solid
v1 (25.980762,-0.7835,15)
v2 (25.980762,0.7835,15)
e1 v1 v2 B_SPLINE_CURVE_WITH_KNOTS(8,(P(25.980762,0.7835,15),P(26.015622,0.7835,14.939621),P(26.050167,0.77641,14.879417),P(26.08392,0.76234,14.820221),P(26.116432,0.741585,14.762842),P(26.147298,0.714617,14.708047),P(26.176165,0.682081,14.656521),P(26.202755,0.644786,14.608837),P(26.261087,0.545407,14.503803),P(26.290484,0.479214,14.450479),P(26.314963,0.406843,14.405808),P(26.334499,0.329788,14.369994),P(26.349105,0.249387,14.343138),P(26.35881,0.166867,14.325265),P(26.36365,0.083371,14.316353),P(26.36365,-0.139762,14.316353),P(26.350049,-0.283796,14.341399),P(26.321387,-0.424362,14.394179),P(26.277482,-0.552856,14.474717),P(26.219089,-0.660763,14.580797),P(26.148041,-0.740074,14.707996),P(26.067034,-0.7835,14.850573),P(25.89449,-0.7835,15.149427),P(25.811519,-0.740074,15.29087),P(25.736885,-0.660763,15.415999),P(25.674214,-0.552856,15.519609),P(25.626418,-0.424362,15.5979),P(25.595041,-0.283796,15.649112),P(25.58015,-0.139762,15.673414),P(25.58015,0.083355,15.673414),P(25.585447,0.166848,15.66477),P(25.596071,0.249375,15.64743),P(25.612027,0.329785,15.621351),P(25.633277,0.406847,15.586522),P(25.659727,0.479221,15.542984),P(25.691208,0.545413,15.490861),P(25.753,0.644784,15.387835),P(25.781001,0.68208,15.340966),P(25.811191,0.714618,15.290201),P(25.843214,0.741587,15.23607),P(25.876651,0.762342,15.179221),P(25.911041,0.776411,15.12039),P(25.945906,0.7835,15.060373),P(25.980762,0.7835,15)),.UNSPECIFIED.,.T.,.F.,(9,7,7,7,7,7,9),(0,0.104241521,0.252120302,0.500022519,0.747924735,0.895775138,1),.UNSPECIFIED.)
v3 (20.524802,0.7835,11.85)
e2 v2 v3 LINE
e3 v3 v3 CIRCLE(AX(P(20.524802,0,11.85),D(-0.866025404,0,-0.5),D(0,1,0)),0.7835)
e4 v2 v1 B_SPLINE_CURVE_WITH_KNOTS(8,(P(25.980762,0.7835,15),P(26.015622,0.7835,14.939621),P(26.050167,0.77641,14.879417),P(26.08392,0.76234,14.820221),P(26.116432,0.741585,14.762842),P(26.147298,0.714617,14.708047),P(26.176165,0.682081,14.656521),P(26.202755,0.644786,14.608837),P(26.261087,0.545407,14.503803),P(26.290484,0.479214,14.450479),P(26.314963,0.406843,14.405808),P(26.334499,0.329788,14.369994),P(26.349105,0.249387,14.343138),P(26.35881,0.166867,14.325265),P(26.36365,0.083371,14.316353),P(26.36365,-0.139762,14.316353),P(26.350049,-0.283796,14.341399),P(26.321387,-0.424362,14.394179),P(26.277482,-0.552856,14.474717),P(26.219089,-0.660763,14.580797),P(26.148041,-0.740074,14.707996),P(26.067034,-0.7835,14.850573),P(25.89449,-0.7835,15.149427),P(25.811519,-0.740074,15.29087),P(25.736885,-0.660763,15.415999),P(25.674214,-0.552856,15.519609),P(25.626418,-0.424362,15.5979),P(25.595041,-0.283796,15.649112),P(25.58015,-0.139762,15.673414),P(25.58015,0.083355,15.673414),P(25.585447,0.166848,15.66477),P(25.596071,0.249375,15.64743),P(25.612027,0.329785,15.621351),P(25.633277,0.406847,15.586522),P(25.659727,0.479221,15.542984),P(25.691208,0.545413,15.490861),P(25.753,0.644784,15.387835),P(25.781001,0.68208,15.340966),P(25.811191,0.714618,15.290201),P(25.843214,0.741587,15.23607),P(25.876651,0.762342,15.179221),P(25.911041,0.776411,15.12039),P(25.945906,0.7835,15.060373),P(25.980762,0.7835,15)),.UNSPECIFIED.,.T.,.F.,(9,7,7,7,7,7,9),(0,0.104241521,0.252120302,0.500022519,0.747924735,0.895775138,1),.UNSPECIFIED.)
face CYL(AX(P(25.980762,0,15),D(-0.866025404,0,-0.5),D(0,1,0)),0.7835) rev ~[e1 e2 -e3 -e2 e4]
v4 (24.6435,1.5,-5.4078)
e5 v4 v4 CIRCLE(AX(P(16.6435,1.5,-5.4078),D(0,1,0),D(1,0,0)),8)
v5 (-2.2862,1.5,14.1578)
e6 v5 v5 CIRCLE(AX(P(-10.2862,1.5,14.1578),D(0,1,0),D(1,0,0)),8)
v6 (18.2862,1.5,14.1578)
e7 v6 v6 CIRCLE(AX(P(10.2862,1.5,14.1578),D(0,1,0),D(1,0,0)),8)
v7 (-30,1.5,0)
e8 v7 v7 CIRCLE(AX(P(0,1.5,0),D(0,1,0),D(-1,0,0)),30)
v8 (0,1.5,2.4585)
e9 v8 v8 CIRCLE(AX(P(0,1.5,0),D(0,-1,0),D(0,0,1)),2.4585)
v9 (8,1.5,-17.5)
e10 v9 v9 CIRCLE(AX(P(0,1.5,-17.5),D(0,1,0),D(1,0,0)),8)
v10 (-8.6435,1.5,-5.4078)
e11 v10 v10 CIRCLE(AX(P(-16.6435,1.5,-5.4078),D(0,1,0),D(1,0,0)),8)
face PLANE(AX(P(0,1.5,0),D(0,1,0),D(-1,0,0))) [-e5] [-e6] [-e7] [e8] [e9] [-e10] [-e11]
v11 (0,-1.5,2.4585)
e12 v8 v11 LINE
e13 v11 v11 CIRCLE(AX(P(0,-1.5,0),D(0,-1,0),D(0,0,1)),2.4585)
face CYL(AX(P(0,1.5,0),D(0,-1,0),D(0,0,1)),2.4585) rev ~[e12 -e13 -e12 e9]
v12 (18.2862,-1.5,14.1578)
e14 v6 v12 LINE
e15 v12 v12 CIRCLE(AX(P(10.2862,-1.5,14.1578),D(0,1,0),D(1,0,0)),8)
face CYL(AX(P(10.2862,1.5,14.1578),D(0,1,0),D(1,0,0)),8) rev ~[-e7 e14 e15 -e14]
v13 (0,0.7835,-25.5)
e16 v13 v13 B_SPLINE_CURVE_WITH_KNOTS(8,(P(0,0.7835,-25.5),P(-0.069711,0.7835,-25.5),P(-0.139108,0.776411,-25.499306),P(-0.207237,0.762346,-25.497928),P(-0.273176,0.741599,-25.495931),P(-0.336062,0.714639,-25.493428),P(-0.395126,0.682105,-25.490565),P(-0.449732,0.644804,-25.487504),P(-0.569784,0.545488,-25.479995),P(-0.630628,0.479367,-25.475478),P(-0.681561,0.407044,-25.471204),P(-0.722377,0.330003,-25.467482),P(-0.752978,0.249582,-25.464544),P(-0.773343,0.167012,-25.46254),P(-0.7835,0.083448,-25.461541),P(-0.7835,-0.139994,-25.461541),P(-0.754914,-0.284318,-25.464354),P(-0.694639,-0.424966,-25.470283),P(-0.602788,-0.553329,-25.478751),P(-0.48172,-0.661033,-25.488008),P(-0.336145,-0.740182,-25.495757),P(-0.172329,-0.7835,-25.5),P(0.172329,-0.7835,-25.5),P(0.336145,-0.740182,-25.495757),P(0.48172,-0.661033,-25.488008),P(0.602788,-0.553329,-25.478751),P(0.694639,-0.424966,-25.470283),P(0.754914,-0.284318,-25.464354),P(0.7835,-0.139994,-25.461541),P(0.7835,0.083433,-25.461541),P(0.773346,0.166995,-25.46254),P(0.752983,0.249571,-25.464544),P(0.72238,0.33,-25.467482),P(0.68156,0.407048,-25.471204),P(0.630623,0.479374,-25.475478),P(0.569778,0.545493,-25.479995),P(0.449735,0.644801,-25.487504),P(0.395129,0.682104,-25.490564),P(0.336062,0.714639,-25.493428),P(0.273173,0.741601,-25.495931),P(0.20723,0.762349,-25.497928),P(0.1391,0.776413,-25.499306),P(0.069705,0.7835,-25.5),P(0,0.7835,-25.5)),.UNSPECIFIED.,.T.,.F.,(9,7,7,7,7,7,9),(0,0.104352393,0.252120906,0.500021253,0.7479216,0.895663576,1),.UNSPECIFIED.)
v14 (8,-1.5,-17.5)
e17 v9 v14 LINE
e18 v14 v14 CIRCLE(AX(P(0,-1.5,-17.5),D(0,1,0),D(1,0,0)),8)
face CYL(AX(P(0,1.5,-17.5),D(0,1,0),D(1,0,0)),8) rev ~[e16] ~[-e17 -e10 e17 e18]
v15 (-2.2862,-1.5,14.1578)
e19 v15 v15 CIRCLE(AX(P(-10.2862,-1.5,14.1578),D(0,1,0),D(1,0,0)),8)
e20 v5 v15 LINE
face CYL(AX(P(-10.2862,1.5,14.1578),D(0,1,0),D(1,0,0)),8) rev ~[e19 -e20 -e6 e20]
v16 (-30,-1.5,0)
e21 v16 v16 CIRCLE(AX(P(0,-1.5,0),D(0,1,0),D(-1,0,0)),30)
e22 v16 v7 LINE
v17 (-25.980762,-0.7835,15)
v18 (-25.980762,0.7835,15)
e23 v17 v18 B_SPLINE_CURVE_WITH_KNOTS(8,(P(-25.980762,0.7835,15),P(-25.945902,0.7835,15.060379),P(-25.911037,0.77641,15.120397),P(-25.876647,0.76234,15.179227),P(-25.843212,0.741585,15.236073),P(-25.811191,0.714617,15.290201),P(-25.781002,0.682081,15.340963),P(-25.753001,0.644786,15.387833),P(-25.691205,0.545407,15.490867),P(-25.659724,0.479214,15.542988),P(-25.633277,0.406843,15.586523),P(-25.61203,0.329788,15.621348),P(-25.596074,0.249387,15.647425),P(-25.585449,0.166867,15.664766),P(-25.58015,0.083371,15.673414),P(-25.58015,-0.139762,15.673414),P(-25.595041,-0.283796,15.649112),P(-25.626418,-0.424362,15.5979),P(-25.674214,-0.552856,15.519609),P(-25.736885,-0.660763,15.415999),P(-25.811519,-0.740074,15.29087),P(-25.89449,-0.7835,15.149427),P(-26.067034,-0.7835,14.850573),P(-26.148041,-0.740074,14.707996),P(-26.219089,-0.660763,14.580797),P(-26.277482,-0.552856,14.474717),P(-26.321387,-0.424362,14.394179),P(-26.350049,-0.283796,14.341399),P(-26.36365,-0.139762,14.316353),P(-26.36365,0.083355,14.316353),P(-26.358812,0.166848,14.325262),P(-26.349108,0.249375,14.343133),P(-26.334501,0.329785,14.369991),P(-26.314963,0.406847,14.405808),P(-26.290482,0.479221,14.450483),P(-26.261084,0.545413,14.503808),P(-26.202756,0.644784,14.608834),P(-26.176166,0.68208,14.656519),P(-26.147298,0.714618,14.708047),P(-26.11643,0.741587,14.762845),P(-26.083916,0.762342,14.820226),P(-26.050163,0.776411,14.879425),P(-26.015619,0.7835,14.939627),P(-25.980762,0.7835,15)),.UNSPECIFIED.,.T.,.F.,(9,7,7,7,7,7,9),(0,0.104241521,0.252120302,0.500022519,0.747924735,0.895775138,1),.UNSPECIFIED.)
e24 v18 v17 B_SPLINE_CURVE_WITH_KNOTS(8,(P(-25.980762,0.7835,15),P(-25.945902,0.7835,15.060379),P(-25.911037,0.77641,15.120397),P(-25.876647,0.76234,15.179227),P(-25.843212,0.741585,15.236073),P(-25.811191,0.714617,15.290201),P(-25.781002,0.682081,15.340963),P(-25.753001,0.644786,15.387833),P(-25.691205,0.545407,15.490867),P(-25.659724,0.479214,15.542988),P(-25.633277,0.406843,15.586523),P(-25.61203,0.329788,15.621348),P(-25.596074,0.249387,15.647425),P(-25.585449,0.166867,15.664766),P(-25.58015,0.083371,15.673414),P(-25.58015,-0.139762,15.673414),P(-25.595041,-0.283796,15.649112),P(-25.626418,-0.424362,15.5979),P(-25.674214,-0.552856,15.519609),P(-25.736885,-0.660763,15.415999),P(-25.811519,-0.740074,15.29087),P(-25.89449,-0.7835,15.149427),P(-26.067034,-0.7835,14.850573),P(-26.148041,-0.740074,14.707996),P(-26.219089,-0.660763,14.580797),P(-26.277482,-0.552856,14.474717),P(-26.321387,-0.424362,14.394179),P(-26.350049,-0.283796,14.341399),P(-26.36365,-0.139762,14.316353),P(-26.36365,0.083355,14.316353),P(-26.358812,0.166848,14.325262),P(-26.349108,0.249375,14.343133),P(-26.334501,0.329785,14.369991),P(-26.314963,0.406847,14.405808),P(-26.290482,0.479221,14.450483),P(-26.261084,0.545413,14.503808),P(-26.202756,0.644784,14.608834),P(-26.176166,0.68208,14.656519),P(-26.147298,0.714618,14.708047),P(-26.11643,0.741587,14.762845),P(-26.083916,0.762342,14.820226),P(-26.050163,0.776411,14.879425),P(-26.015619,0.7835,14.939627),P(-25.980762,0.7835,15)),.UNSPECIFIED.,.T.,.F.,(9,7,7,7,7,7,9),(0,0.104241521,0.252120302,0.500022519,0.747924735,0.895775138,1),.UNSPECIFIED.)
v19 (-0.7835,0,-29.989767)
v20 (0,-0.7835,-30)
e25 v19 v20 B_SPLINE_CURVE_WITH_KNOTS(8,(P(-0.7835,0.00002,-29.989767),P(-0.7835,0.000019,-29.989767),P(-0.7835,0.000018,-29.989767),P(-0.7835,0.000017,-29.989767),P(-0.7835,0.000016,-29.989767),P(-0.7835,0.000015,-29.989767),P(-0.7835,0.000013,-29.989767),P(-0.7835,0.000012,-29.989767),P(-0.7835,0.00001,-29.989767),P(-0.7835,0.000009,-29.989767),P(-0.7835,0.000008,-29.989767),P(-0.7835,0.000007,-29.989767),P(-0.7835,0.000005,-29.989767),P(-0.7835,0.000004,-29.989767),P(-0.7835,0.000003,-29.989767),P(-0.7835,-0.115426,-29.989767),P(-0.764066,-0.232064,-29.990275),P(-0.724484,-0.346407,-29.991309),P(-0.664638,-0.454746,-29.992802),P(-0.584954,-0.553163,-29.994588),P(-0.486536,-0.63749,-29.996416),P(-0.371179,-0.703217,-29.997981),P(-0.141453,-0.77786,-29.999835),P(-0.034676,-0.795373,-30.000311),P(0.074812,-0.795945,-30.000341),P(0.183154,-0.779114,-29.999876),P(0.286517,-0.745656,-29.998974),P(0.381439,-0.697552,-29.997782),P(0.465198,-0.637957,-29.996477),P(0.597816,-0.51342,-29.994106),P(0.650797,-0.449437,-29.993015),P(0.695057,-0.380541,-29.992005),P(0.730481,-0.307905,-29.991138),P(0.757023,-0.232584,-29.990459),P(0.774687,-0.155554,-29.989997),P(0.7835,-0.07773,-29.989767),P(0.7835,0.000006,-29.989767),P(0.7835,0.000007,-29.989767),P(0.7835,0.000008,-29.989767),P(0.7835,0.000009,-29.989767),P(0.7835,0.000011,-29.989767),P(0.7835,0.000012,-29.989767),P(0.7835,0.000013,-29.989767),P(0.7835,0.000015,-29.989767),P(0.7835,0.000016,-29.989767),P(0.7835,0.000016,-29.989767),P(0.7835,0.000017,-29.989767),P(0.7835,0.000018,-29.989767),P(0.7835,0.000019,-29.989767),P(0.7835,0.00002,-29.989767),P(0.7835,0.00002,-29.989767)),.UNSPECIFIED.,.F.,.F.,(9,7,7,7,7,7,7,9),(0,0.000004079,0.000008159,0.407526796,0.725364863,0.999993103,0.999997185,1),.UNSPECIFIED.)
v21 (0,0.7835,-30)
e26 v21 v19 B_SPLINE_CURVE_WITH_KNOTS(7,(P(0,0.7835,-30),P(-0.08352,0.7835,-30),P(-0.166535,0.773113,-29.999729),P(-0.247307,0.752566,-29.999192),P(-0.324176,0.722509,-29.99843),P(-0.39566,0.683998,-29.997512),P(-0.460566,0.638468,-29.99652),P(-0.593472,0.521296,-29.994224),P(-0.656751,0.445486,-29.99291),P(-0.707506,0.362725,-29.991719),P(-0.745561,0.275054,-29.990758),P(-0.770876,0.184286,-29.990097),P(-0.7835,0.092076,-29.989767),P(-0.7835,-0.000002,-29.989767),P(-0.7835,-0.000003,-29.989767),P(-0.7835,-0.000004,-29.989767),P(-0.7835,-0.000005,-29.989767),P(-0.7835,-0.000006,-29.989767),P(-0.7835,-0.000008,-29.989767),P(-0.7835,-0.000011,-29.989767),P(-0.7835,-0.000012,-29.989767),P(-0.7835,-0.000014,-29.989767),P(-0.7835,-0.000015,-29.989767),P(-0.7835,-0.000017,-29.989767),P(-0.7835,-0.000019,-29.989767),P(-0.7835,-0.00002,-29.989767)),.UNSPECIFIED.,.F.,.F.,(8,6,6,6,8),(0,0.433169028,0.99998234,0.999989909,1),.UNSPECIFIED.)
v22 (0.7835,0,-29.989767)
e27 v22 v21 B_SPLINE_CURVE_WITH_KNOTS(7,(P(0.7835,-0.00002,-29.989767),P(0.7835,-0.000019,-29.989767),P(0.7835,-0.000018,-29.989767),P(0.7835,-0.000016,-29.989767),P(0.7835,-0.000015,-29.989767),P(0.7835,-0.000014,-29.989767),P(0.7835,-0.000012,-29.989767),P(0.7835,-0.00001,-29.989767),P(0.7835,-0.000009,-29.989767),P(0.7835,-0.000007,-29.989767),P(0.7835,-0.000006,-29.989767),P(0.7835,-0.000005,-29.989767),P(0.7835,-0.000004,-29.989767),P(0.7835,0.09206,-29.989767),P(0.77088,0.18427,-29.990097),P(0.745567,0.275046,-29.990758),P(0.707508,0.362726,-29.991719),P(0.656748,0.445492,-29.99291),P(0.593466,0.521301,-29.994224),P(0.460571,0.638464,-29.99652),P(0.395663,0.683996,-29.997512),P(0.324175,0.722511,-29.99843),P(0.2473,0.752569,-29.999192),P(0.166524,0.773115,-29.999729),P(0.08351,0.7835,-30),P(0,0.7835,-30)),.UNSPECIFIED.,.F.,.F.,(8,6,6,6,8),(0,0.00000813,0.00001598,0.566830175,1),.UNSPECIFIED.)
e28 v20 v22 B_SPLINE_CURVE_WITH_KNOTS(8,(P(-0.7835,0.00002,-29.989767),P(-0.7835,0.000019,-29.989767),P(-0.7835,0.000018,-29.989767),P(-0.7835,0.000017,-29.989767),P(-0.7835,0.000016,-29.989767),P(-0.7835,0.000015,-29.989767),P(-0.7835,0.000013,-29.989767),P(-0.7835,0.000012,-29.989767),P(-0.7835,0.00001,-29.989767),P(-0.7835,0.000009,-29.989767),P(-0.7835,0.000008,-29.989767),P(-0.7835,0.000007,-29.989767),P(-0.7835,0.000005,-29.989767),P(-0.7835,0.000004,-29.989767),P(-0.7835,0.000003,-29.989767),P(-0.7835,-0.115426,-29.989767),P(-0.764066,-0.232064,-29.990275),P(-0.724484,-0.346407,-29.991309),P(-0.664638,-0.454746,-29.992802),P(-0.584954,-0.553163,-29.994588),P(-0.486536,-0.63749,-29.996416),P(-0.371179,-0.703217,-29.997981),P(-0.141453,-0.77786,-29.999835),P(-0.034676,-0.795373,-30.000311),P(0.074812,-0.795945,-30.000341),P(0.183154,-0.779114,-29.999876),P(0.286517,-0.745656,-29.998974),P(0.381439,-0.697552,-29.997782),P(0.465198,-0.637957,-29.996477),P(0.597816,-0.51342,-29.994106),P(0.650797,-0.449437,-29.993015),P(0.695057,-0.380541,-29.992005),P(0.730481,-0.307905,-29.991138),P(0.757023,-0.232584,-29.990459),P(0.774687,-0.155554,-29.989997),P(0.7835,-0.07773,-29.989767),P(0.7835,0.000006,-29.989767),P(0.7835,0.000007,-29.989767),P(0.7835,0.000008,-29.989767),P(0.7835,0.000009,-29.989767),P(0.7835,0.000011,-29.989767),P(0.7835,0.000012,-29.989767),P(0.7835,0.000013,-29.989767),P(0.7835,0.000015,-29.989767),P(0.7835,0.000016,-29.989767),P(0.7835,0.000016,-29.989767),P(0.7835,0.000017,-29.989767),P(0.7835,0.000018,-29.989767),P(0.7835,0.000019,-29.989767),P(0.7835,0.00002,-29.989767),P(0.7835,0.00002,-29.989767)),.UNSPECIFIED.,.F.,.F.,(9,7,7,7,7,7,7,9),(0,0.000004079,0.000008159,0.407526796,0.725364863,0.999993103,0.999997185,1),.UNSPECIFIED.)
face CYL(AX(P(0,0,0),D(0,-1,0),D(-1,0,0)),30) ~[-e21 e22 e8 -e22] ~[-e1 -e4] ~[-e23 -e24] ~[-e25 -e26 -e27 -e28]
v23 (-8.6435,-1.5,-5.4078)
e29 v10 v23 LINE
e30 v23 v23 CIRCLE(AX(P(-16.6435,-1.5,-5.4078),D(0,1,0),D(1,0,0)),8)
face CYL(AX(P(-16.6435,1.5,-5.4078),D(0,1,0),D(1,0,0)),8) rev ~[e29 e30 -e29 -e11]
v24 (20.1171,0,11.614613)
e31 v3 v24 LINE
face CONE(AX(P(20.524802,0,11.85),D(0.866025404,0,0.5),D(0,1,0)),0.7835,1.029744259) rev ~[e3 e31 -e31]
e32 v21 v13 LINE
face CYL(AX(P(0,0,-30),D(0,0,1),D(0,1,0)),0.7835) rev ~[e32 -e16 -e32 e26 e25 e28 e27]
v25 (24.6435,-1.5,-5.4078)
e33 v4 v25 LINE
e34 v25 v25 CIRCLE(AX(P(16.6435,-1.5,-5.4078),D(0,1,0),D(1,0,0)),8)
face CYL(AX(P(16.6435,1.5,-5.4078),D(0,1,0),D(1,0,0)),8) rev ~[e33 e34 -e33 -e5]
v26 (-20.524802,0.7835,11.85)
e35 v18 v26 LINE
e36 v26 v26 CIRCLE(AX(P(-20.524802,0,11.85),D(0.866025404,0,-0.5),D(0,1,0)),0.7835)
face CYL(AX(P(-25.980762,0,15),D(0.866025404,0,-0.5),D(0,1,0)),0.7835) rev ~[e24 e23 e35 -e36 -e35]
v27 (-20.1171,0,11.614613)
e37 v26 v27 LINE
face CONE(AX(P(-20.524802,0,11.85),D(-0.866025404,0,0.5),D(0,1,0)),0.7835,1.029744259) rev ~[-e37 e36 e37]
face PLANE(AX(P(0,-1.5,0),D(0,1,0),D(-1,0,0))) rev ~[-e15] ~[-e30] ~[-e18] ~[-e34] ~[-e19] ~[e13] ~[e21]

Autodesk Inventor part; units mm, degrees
ref_plane "YZ Plane" through (0, 0, 0) normal (1, 0, 0) x (0, 1, 0)
ref_plane "XZ Plane" through (0, 0, 0) normal (0, 1, 0) x (-1, 0, 0)
sketch "Skizze1" plane through (0, 0, 0) normal (0, 1, 0) x (-1, 0, 0)
  circle A0 centre (0, 0) radius 30
  dimension "d0" = 60
extrude "Extrusion1" add sketch "Skizze1" along normal mid plane 3
sketch "Skizze2" plane through (0, 1.5, 0) normal (0, 1, 0) x (1, 0, 0)
  line L0 (0, 43.5645) -> (0, -46.3445) construction
  circle A0 centre (0, 17.5) radius 8
  circle A1 centre (-16.6435, 5.4078) radius 8
  circle A2 centre (-10.2862, -14.1578) radius 8
  circle A3 centre (10.2862, -14.1578) radius 8
  circle A4 centre (16.6435, 5.4078) radius 8
  point P0 (0, 0)
  dimension "d3" = 16
  dimension "d4" = 17.5
  dimension "d7" = 360
extrude "Extrusion2" cut sketch "Skizze2" against normal through all
sketch "Skizze3" plane through (0, 1.5, 0) normal (0, 1, 0) x (1, 0, 0)
  point P0 (0, 0)
  point P1 (0, 0)
hole "Bohrung1" at (0, 1.5, 0) direction (0, -1, 0) diameter 4.917 end through all thread size "M6x1" class "6H" standard "ISO Metric profile"
ref_plane "Arbeitsebene1" through (0, 0, -30) normal (0, 0, 1) x (1, 0, 0)
sketch "Skizze4" plane through (0, 0, -30) normal (0, 0, 1) x (1, 0, 0)
  point P0 (0, 0)
  point P1 (0, 0)
hole "Bohrung2" at (0, 0, -30) direction (0, 0, 1) diameter 1.567 depth 6.3 tip angle 118 thread size "M2x0.4" class "6H" standard "ISO Metric profile"
pattern_circular "Runde Anordnung1" count 3 over 360 about axis through (0, -10, 0) along (0, 1, 0) of "Bohrung2"
properties part number "Ronde_Engine"
